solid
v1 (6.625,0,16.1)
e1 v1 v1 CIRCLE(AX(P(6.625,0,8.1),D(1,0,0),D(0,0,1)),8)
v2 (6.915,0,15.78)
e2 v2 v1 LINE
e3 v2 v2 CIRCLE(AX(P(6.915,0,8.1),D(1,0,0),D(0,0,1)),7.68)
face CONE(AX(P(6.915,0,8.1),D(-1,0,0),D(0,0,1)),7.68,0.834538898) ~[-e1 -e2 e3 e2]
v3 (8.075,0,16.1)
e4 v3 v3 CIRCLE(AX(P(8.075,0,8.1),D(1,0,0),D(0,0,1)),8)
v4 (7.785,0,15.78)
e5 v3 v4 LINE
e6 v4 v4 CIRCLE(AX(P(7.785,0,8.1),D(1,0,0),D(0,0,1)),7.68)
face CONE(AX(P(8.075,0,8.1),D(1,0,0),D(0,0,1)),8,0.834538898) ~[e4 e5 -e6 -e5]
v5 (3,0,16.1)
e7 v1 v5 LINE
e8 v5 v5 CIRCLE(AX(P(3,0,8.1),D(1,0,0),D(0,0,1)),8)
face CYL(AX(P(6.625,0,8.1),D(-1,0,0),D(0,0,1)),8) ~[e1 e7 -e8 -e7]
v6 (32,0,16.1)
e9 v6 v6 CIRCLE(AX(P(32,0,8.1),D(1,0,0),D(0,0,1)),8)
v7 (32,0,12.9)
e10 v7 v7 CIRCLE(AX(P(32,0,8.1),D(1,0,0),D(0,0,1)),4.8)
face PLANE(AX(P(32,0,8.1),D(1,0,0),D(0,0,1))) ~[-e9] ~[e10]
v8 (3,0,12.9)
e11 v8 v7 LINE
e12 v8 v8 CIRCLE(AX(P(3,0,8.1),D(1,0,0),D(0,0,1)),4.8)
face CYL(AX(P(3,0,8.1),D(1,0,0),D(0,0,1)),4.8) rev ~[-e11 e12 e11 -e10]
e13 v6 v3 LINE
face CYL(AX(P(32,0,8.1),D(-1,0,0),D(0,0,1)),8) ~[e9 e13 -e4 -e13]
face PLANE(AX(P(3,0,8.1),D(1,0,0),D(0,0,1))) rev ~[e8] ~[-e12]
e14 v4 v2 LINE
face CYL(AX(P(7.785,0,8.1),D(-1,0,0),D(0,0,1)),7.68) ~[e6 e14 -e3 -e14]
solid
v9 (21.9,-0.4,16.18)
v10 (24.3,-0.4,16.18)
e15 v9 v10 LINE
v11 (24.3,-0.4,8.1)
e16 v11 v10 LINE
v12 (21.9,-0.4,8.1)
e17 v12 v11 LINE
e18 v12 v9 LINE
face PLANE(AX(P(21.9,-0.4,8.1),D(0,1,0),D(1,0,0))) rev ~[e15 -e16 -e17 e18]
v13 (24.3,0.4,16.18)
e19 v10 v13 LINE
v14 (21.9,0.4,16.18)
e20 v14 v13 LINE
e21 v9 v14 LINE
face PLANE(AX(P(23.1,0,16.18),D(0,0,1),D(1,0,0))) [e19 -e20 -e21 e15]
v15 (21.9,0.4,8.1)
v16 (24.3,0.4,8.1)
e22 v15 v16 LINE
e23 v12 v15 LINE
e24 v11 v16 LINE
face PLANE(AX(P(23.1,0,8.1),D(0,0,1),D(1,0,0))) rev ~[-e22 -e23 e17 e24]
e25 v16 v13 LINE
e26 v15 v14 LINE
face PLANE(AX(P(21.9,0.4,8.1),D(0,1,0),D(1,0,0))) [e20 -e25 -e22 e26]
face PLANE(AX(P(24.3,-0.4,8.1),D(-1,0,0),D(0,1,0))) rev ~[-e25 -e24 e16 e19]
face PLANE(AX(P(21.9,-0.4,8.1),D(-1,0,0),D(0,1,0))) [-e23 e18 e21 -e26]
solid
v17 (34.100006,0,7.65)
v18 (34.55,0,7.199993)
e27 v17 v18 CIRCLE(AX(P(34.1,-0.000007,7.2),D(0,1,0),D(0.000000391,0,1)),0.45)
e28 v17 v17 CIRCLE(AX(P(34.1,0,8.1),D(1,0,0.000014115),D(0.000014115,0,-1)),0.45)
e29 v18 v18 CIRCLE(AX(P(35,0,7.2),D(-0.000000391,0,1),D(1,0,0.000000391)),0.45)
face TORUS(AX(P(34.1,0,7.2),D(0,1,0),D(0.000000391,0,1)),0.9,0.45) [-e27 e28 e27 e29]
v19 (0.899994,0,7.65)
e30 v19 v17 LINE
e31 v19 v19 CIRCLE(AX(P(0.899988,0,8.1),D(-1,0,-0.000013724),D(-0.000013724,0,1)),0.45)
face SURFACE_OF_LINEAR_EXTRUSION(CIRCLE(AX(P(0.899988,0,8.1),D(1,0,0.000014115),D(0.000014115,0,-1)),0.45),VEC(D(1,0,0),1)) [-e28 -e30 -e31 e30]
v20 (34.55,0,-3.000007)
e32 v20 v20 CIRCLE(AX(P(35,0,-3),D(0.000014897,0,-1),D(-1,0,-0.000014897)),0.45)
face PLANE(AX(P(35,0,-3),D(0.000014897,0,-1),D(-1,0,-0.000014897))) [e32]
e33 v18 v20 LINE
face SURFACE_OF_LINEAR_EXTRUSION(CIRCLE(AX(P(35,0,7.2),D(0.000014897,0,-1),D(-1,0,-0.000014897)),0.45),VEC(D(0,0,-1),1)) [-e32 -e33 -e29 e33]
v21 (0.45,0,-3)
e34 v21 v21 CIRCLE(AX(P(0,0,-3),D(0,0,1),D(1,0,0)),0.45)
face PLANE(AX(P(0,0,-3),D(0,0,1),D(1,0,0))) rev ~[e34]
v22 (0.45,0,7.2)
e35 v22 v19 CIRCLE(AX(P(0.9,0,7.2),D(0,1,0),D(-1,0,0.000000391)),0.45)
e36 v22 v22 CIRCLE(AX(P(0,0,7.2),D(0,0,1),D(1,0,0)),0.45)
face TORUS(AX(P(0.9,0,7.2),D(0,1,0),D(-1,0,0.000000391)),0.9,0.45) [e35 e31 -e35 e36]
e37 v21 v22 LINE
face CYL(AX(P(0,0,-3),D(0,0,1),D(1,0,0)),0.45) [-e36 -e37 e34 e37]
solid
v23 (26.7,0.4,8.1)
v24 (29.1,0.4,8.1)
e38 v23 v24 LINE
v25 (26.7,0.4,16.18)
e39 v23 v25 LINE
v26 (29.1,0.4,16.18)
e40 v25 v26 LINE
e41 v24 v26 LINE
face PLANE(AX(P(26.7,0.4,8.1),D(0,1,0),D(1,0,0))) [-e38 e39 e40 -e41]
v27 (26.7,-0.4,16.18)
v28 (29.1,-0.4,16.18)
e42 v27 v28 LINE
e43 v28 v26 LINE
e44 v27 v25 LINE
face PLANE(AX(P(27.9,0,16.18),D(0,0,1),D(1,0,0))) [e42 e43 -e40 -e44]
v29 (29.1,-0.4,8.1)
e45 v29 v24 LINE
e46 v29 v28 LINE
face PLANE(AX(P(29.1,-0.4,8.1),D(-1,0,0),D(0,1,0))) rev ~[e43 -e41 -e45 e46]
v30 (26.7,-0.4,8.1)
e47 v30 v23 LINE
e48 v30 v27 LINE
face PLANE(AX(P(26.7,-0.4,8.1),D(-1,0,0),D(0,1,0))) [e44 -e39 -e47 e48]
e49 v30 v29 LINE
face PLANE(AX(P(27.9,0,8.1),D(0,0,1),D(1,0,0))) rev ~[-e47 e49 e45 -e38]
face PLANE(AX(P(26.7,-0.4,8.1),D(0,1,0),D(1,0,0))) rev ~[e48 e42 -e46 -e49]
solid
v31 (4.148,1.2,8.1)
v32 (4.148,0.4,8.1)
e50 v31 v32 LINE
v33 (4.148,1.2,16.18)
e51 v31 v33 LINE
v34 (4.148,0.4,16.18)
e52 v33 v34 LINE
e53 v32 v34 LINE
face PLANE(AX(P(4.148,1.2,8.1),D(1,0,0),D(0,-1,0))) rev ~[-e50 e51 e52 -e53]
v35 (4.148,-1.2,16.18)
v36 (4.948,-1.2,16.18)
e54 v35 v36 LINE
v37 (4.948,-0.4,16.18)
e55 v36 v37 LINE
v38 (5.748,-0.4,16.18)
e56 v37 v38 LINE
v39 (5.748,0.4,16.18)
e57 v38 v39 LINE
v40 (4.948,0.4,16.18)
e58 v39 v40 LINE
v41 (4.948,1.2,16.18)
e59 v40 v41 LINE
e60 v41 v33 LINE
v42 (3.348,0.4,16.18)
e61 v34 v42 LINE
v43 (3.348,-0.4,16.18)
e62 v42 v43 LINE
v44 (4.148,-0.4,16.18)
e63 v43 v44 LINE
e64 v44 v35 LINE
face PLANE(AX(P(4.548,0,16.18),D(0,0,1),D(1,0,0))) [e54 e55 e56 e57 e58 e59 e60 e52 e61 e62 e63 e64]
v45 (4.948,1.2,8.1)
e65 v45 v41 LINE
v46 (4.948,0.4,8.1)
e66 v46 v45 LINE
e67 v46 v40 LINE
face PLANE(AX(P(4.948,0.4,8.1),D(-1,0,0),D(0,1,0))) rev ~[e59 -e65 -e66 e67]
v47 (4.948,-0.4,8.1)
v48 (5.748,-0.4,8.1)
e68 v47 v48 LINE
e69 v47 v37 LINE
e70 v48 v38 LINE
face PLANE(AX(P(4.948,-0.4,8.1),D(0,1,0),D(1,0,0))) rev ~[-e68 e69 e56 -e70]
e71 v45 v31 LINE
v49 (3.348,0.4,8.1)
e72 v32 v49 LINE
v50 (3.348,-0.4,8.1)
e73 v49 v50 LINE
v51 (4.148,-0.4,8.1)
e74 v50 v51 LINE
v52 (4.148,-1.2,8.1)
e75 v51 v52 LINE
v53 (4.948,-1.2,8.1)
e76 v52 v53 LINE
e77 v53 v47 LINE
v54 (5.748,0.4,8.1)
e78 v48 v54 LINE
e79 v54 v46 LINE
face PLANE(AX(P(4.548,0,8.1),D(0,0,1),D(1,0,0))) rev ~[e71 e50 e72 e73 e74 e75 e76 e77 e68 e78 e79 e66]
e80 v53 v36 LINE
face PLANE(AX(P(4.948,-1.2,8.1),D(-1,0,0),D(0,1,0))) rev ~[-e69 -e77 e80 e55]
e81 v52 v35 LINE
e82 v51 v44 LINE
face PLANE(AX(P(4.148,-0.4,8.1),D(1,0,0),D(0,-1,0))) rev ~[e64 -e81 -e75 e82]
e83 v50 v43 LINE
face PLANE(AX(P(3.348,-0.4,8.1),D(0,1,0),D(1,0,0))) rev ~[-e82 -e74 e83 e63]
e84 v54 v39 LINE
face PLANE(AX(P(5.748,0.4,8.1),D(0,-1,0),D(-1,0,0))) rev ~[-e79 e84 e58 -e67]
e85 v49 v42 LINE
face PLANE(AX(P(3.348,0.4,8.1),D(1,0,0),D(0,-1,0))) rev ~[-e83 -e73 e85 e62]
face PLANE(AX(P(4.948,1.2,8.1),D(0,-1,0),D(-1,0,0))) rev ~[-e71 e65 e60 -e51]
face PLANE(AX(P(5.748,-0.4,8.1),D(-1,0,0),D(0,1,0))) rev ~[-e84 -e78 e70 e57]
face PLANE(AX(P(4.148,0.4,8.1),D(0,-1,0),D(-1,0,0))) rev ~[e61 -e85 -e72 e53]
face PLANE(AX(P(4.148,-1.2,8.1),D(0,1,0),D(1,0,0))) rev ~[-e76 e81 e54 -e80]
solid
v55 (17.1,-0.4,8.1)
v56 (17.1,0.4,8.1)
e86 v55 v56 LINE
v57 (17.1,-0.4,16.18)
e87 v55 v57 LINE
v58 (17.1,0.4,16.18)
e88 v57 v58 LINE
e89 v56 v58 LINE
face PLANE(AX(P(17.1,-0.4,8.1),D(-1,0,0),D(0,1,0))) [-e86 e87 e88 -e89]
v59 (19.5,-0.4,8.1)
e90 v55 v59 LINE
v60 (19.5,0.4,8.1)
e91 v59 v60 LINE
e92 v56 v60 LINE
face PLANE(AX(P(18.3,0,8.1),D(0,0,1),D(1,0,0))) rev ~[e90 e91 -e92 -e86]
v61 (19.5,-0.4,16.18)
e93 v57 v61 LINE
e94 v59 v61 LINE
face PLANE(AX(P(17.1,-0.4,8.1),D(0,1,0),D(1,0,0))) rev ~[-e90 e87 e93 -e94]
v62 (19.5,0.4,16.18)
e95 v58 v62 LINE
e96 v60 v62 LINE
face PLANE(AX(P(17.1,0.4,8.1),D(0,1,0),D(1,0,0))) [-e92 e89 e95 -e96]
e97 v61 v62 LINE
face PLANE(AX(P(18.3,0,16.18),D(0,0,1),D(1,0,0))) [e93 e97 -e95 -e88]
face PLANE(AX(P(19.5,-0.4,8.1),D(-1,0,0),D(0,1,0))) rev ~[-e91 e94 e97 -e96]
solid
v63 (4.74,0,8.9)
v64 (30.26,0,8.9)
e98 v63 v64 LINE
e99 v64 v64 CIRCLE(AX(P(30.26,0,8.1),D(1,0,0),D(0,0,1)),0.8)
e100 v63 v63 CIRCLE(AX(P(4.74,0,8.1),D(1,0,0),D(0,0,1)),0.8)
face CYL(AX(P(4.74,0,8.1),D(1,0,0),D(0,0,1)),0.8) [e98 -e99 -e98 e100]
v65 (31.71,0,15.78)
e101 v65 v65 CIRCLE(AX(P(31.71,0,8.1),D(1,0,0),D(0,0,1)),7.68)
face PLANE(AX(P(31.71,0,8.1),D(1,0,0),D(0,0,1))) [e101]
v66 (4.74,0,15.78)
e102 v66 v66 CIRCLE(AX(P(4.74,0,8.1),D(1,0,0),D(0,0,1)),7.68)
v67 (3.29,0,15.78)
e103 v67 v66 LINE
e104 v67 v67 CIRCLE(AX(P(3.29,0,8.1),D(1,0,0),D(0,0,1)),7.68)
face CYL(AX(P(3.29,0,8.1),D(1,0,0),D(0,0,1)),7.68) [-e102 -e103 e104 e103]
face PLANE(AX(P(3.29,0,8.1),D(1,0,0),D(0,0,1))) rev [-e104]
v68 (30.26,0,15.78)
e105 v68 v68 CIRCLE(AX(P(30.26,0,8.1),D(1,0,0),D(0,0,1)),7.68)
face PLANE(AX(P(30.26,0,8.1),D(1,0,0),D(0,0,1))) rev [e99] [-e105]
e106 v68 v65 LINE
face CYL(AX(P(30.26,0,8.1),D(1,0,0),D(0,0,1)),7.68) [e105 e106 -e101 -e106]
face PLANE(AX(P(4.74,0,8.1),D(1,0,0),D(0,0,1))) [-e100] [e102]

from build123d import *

# Parameters (mm, degrees)
SKETCH_R    = 0.45
SKETCH004_W = 2.4
SKETCH004_H = 0.8
PAD_DEPTH   = 8.08


with BuildPart() as sweep_body:
    # Sweep: sweep along a path in Sketch001
    with BuildLine(Plane.XZ) as sweep_path:
        Line((0, -3), (0, 7.2))
        ThreePointArc((0, 7.2), (0.2636, 7.836392), (0.899988, 8.1))
        Line((0.899988, 8.1), (34.1, 8.1))
        ThreePointArc((34.1, 8.1), (34.736396, 7.836396), (35, 7.2))
        Line((35, 7.2), (35, -3))
    # Sketch → Sweep (sweep)
    with BuildSketch(Plane.XY.offset(-2)):
        Circle(SKETCH_R)
    sweep(path=sweep_path.line)


with BuildPart() as revolution:
    # Sketch002 → Revolution (revolve)
    with BuildSketch(Plane.XZ):
        Polygon((3, 16.1), (3, 12.9), (32, 12.9), (32, 16.1), (8.075, 16.1), (7.785, 15.78), (6.915, 15.78), (6.625, 16.1), align=None)
    revolve(axis=Axis((6.97588, 0, 8.1), (1, 0, 0)))


with BuildPart() as revolution001:
    # Sketch003 → Revolution001 (revolve)
    with BuildSketch(Plane.XZ):
        Polygon((3.29, 15.78), (4.74, 15.78), (4.74, 8.9), (30.26, 8.9), (30.26, 15.78), (31.71, 15.78), (31.71, 8.1), (3.29, 8.1), align=None)
    revolve(axis=Axis((6.97588, 0, 8.1), (1, 0, 0)))


with BuildPart() as pad:
    # Sketch004 → Pad (new body)
    with BuildSketch(Plane.XY.offset(8.1)):
        with Locations((27.9, 0)):
            Rectangle(SKETCH004_W, SKETCH004_H)
        with Locations((23.1, 0)):
            Rectangle(SKETCH004_W, SKETCH004_H)
        with Locations((18.3, 0)):
            Rectangle(SKETCH004_W, SKETCH004_H)
        Polygon((4.148, 0.4), (3.348, 0.4), (3.348, -0.4), (4.148, -0.4), (4.148, -1.2), (4.948, -1.2), (4.948, -0.4), (5.748, -0.4), (5.748, 0.4), (4.948, 0.4), (4.948, 1.2), (4.148, 1.2), align=None)
    extrude(amount=PAD_DEPTH)


solid = Compound([sweep_body.part, revolution.part, revolution001.part, pad.part])
